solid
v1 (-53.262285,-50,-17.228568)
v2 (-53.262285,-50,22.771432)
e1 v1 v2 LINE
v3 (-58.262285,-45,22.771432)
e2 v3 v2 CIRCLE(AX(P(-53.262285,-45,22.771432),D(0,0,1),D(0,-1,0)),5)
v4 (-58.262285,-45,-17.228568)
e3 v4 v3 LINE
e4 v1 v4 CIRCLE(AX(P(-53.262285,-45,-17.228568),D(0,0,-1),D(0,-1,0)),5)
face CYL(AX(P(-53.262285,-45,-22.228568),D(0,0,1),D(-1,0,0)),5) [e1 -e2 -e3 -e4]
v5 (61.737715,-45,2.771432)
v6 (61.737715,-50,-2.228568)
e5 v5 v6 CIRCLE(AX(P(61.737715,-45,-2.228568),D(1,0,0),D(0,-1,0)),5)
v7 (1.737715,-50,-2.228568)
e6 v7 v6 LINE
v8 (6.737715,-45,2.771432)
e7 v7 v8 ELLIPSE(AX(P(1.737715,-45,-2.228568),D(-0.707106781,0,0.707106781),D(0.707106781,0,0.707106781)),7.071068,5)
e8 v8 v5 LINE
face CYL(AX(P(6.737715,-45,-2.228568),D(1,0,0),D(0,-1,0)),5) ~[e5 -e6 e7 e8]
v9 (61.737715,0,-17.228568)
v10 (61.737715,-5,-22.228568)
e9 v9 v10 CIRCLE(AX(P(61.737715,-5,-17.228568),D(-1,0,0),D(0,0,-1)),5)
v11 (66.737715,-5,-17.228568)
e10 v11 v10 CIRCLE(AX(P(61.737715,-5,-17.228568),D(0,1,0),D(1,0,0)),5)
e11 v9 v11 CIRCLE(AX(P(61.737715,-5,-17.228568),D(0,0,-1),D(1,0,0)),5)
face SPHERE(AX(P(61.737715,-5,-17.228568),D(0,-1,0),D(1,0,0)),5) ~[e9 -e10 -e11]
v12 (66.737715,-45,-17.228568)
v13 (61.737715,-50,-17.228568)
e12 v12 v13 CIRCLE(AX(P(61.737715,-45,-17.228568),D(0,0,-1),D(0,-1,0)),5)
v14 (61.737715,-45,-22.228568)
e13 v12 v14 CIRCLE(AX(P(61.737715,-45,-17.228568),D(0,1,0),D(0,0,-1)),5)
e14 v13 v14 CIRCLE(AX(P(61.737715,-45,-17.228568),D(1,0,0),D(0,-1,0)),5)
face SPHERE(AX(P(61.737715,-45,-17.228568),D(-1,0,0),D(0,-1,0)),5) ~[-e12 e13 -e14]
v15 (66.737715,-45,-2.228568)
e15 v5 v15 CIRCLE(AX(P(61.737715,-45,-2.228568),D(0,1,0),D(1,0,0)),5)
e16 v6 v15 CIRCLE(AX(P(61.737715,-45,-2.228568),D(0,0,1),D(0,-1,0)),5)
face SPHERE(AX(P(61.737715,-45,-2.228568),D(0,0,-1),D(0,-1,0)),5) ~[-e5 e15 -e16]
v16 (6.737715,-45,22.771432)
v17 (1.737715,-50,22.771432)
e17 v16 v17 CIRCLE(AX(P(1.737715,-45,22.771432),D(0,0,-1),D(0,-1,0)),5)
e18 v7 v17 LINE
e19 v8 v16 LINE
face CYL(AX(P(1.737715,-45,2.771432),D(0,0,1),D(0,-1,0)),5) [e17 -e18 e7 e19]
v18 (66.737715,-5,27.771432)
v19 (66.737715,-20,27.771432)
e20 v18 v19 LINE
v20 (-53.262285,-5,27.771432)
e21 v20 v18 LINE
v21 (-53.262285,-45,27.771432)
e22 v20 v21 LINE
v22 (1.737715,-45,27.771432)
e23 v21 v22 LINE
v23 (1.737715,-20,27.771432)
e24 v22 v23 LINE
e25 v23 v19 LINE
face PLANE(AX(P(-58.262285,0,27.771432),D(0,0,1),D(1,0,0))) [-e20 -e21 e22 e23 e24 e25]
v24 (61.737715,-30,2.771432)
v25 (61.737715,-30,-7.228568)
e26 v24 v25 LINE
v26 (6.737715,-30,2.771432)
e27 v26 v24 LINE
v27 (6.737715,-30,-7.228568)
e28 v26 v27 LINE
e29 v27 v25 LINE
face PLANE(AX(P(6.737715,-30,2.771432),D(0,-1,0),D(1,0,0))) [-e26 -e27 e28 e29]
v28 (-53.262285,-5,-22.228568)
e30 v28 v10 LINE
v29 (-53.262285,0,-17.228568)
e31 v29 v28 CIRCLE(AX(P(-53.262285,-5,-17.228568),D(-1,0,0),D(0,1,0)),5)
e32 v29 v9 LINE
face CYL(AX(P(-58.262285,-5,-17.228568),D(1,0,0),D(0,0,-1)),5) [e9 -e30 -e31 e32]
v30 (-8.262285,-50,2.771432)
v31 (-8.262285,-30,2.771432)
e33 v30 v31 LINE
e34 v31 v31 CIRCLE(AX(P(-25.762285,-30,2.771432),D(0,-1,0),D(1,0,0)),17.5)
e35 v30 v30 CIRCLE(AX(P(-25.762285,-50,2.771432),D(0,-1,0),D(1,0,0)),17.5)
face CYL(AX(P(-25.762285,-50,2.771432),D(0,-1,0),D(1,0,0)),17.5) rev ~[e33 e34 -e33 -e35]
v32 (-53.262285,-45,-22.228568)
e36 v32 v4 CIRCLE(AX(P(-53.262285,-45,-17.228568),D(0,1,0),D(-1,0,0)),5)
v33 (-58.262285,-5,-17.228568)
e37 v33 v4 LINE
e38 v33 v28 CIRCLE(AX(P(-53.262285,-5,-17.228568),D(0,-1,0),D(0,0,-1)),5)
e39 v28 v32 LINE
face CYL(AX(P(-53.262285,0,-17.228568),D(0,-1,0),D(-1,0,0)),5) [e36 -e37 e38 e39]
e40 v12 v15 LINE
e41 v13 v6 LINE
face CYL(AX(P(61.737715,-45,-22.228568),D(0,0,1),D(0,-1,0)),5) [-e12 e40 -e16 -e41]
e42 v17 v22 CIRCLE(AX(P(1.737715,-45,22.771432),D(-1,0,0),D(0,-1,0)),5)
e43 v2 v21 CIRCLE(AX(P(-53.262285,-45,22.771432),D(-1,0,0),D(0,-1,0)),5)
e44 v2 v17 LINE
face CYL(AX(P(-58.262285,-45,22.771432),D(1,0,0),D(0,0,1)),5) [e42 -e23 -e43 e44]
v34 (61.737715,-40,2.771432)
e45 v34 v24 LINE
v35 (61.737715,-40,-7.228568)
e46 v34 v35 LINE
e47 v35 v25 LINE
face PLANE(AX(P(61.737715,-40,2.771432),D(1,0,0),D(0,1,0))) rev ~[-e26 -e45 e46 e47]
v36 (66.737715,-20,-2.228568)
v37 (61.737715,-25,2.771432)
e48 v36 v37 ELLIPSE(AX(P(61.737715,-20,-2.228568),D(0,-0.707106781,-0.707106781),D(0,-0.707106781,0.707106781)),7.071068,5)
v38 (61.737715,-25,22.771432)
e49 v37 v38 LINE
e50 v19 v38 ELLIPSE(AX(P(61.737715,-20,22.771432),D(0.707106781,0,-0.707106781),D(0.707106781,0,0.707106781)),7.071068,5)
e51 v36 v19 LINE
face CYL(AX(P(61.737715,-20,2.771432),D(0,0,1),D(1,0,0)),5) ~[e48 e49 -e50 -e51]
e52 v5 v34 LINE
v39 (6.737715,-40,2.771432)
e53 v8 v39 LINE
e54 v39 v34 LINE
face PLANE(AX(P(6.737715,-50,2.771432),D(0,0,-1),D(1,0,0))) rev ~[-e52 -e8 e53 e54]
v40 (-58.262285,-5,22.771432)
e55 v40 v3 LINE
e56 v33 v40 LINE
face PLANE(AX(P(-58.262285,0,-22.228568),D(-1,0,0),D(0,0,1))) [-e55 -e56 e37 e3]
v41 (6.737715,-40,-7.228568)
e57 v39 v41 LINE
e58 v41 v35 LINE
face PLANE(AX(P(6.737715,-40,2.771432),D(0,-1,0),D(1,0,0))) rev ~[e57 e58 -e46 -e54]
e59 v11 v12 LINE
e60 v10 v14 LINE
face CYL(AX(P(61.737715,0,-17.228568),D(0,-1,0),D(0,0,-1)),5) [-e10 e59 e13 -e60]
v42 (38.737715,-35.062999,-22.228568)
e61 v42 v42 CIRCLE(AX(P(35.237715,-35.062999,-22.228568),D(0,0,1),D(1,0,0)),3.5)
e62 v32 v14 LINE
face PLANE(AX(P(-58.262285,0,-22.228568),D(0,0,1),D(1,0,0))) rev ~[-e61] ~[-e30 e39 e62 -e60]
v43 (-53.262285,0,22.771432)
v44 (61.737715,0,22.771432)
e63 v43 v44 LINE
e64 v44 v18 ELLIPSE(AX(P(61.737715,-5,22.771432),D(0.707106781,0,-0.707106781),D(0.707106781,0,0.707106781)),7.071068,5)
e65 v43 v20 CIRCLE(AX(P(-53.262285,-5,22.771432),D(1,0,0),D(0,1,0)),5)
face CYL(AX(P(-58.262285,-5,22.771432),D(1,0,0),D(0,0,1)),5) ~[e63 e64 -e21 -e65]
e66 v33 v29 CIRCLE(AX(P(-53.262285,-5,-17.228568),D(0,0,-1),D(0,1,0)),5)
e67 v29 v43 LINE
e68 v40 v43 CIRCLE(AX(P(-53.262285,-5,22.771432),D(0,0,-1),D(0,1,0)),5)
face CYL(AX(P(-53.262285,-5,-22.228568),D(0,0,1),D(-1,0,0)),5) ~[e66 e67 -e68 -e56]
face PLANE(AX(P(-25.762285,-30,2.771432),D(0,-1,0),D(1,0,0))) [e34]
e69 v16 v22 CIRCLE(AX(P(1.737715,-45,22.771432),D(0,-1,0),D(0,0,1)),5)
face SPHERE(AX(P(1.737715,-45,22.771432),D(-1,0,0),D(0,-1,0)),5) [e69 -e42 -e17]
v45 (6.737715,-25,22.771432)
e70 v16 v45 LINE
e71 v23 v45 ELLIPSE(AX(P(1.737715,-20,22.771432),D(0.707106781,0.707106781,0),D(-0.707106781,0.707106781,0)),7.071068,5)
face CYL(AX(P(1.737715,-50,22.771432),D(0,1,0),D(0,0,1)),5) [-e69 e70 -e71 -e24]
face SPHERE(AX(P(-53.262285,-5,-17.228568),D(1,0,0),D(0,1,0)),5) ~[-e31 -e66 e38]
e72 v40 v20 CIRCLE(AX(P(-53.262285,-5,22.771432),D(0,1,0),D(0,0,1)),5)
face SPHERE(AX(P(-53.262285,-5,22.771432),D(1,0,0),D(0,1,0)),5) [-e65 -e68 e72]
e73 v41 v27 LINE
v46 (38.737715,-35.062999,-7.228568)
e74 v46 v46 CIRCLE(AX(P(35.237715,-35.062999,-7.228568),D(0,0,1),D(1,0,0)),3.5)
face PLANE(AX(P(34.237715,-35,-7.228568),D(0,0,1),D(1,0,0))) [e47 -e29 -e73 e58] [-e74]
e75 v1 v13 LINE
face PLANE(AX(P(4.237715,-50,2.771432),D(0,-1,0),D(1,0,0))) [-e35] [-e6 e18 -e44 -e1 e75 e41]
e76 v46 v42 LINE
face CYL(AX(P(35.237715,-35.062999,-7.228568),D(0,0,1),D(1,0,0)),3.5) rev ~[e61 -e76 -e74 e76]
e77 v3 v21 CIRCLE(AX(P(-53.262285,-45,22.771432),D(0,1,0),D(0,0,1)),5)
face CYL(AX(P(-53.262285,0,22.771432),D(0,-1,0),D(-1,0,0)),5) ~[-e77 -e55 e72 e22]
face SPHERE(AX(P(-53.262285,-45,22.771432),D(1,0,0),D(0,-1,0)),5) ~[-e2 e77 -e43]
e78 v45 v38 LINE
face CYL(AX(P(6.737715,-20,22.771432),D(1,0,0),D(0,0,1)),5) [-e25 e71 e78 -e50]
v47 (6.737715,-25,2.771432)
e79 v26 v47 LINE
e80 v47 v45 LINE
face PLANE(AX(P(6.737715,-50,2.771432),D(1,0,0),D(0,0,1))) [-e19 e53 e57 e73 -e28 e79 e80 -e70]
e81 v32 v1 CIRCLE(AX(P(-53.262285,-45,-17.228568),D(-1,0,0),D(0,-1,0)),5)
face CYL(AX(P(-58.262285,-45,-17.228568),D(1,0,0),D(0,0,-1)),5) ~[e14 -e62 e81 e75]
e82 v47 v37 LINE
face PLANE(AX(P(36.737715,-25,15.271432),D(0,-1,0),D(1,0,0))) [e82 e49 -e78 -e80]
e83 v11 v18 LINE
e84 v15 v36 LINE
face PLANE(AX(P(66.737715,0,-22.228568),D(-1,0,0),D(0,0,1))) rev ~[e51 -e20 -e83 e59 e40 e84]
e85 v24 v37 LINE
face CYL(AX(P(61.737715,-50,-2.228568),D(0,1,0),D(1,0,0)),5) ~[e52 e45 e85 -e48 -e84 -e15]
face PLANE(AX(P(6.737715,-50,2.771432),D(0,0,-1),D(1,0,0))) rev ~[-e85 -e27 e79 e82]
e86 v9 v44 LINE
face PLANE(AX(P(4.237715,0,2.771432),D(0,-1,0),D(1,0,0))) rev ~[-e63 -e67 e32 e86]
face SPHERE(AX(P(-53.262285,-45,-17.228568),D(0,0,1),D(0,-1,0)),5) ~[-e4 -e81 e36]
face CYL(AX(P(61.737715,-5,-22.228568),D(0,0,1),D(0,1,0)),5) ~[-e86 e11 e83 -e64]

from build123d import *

# Parameters (mm, degrees)
F0_W      = 125
F0_H      = 50
F1_DEPTH  = 50
F2_W      = 60
F2_H      = 25
F3_DEPTH  = 25
F4_R      = 17.5
F5_DEPTH  = 20
F6_R      = 5
F7_W      = 55
F7_H      = 10
F8_DEPTH  = 10
F9_R      = 3.5
F10_DEPTH = 25


with BuildPart() as f1:
    # F0 (on Front) → F1 (new body)
    with BuildSketch(Plane.XZ):
        with Locations((4.2377149548, 2.7714315802)):
            Rectangle(F0_W, F0_H)
    extrude(amount=F1_DEPTH)

    # F2 (on face) → F3 (cut)
    with BuildSketch(Plane.XZ.offset(50)):
        with Locations((36.7377149548, 15.2714315802)):
            Rectangle(F2_W, F2_H)
    extrude(amount=-F3_DEPTH, mode=Mode.SUBTRACT)

    # F4 (on face) → F5 (cut)
    with BuildSketch(Plane.XZ.offset(50)):
        with Locations((-25.7622850452, 2.7714315802)):
            Circle(F4_R)
    extrude(amount=-F5_DEPTH, mode=Mode.SUBTRACT)

    # F6
    f6_edges = [f1.edges().sort_by_distance(p)[0] for p in [
        (-25.762285, -50, 27.771432),
        (-58.262285, -50, 2.771432),
        (4.237715, -50, -22.228568),
        (66.737715, -50, -9.728568),
        (36.737715, -50, 2.771432),
        (6.737715, -50, 15.271432),
        (6.737715, -37.5, 27.771432),
        (36.737715, -25, 27.771432),
        (66.737715, -25, 15.271432),
        (66.737715, -37.5, 2.771432),
        (66.737715, -25, -22.228568),
        (66.737715, 0, 2.771432),
        (4.237715, 0, 27.771432),
        (4.237715, 0, -22.228568),
        (-58.262285, 0, 2.771432),
        (-58.262285, -25, 27.771432),
        (-58.262285, -25, -22.228568),
    ]]
    fillet(f6_edges, radius=F6_R)

    # F7 (on face) → F8 (cut)
    with BuildSketch(Plane.XY.offset(2.7714315802)):
        with Locations((34.2377149548, -35)):
            Rectangle(F7_W, F7_H)
    extrude(amount=-F8_DEPTH, mode=Mode.SUBTRACT)

    # F9 (on face) → F10 (cut)
    with BuildSketch(Plane.XY.offset(-7.2285684198)):
        with Locations((35.2377149548, -35.0629985332)):
            Circle(F9_R)
    extrude(amount=-F10_DEPTH, mode=Mode.SUBTRACT)


solid = f1.part
